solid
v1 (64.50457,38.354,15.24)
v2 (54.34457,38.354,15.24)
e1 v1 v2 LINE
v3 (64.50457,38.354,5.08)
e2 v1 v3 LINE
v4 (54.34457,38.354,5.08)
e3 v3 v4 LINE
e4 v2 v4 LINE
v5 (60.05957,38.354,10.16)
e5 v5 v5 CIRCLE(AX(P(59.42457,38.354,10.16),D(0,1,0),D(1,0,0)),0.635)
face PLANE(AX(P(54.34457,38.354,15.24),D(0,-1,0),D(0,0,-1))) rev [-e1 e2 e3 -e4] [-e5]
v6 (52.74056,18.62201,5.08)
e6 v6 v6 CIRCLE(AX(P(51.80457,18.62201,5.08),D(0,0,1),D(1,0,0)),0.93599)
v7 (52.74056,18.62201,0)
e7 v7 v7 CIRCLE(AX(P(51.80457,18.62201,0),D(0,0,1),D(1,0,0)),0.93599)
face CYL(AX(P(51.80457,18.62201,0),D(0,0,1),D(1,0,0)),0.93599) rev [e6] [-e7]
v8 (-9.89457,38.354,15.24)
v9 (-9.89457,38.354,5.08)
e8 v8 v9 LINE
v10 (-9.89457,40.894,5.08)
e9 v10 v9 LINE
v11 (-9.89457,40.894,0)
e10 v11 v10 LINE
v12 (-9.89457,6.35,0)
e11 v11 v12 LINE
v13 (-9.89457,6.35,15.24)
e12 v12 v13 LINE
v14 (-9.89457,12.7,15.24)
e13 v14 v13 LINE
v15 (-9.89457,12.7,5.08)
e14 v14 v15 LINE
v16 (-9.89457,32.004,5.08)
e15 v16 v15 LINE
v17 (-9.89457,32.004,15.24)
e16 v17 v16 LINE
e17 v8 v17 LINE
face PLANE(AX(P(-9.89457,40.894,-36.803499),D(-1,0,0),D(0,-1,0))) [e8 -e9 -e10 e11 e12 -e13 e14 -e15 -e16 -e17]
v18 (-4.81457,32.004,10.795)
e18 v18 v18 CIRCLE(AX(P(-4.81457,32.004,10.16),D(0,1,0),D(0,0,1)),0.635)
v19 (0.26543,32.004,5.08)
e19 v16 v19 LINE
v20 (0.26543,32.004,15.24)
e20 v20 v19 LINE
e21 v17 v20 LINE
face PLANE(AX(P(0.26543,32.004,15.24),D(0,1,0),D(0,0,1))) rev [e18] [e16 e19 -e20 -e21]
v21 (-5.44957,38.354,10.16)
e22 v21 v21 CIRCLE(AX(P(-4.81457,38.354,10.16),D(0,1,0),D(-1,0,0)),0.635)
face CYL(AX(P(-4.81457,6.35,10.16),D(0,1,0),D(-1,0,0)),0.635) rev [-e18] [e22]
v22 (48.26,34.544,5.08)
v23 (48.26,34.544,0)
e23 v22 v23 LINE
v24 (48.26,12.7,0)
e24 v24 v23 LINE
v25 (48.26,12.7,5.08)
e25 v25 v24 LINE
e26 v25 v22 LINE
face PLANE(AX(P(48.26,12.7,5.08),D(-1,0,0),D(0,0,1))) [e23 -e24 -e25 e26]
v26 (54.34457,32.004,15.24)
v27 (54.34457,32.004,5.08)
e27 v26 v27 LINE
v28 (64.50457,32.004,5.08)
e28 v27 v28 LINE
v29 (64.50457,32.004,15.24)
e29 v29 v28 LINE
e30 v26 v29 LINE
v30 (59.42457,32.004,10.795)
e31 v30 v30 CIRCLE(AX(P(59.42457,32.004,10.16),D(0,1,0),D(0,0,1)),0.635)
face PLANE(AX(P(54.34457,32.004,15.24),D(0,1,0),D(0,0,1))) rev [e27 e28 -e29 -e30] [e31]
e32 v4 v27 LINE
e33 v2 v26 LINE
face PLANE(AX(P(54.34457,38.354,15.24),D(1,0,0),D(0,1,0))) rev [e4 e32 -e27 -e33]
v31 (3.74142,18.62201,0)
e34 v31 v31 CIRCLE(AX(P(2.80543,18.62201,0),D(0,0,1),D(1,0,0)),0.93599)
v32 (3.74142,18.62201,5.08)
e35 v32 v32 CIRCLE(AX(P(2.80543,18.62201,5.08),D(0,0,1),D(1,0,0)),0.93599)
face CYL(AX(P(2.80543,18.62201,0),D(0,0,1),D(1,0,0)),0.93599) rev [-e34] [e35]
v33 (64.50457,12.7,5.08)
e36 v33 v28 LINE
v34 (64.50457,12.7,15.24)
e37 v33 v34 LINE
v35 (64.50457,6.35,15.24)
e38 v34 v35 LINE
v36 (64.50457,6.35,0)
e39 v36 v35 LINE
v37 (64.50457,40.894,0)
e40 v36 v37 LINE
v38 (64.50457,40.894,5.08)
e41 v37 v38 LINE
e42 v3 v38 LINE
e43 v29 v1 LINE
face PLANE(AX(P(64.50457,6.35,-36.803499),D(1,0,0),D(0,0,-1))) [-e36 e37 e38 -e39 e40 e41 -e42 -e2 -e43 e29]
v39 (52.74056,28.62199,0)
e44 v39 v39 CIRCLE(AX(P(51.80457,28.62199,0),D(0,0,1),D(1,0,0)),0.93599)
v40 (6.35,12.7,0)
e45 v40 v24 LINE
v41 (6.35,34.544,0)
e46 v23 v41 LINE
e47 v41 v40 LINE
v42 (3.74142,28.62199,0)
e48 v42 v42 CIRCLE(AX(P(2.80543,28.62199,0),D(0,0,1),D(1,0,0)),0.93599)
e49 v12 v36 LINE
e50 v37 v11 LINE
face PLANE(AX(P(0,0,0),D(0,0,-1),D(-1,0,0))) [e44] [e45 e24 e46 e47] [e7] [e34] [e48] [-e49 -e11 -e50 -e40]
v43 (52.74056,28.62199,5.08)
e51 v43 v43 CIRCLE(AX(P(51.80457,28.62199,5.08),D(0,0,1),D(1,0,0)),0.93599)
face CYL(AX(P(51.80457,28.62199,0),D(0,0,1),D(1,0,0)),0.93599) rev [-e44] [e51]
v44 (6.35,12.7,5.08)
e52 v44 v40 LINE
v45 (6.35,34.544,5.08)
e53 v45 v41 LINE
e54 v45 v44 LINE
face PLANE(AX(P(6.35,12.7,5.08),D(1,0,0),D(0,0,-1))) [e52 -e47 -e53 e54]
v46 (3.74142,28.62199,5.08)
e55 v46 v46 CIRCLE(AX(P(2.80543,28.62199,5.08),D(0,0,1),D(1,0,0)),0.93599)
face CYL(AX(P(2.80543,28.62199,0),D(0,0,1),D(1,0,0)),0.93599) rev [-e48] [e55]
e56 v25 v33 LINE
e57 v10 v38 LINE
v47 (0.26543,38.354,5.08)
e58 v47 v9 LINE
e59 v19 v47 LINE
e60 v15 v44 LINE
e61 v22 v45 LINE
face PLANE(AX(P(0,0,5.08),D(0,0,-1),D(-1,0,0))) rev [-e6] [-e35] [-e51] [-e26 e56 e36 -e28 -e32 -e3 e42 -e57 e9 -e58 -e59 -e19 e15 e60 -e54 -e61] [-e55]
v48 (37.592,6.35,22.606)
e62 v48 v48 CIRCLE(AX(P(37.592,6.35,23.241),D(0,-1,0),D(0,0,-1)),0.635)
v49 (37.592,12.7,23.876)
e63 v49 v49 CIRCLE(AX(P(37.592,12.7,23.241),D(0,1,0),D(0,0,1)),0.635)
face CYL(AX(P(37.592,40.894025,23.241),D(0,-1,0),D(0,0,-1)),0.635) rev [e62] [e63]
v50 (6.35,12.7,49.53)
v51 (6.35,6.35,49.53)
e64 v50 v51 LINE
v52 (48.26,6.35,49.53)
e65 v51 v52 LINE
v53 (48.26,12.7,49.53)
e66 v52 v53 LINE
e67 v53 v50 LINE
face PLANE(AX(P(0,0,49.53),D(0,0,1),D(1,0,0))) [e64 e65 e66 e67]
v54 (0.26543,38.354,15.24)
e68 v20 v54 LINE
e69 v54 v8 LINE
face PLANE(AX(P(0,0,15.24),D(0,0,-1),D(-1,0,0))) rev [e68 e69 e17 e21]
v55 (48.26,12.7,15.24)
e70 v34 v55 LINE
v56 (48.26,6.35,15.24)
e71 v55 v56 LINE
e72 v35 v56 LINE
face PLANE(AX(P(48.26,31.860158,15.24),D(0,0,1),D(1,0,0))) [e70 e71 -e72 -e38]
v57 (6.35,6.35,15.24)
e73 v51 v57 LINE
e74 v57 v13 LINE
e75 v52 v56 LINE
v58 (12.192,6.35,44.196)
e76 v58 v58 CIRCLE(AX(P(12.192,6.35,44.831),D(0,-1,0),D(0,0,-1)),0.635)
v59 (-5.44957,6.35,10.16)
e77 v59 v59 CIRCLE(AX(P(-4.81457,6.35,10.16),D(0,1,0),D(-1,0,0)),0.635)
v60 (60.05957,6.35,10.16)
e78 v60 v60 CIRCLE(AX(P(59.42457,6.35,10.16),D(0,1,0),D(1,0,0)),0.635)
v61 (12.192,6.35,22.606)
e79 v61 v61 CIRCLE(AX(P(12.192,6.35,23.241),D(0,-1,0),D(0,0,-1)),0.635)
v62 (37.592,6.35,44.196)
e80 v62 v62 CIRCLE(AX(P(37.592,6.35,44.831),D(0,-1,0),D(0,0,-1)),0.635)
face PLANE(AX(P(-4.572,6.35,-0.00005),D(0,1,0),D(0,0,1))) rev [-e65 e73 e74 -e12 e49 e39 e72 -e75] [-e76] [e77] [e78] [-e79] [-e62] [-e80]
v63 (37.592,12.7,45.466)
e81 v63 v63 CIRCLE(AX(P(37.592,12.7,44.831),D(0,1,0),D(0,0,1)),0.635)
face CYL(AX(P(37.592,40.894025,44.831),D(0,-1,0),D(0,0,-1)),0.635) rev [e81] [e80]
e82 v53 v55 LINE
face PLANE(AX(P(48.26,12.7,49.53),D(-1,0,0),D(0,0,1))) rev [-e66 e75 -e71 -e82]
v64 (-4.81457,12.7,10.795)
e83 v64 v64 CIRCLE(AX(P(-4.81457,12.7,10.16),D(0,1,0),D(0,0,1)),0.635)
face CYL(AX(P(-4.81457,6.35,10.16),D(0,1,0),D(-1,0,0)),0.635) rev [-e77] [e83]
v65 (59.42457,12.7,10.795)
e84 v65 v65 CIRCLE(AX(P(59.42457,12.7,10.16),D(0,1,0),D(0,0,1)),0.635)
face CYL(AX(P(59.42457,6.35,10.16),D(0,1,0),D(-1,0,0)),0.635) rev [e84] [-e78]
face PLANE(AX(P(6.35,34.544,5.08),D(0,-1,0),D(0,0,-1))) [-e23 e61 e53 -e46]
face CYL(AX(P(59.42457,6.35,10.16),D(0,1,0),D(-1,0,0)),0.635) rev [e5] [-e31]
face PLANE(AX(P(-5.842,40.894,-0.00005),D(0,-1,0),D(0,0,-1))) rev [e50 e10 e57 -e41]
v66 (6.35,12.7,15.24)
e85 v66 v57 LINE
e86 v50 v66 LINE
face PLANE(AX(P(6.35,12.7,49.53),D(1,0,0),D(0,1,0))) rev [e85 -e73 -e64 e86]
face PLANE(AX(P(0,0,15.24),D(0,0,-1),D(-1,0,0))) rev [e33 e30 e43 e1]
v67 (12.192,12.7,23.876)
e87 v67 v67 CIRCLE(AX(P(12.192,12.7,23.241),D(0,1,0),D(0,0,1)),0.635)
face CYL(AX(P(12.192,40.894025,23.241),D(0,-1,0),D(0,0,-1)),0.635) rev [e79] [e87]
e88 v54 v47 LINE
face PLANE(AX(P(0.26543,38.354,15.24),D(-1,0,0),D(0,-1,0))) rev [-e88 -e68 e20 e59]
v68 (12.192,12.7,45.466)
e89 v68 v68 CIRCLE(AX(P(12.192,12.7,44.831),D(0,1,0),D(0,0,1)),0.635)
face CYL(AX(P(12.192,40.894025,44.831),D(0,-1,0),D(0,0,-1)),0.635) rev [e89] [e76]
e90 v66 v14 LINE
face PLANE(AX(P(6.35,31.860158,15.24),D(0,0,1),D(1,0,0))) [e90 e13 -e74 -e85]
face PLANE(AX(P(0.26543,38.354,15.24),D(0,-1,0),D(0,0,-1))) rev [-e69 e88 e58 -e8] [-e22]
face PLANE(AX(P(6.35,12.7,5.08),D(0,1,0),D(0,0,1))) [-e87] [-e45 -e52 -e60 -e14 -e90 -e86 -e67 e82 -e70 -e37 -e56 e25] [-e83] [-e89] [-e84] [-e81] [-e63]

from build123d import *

# Parameters (mm, degrees)
SKETCH1_W            = 54.61
SKETCH1_H            = 47.244
SKETCH1_W_2          = 41.91
SKETCH1_H_2          = 21.844
BOSS_EXTRUDE1_DEPTH  = 5.08
SKETCH2_R            = 0.93599
CUT_EXTRUDE1_DEPTH   = 73.388217522
SKETCH10_W           = 14.41958
SKETCH10_H           = 19.49958
SKETCH10_R           = 0.635
BOSS_EXTRUDE4_DEPTH  = 5.08
SKETCH11_R           = 0.635
SKETCH11_W           = 3.302
SKETCH11_H           = 76.2
BOSS_EXTRUDE5_DEPTH  = 5.08
SKETCH12_W           = 60.452
SKETCH12_H           = 6.35
SKETCH12_W_2         = 59.182
CUT_EXTRUDE2_DEPTH   = 95.448366629
SKETCH13_W           = 7.0195552
SKETCH13_H           = 78.993394517
BOSS_EXTRUDE6_DEPTH  = 4.826
FILLET1_R            = 2.54
CUT_EXTRUDE3_DEPTH   = 95.448366629
SKETCH15_W           = 9.078627065
SKETCH15_H           = 34.544
BOSS_EXTRUDE7_DEPTH  = 5.08
SKETCH16_W           = 10.16
SKETCH16_H           = 6.35
BOSS_EXTRUDE8_DEPTH  = 10.16
SKETCH19_W           = 41.91
SKETCH19_H           = 6.35
BOSS_EXTRUDE10_DEPTH = 44.45
SKETCH20_W           = 16.24457
SKETCH20_H           = 10.16
BOSS_EXTRUDE11_DEPTH = 6.35
SKETCH17_R           = 0.635
CUT_EXTRUDE4_DEPTH   = 88.397462588
SKETCH21_R           = 0.635
CUT_EXTRUDE5_DEPTH   = 89.359200918


with BuildPart() as part:
    # Sketch1 → Boss-Extrude1 (new body)
    with BuildSketch(Plane.XY):
        with Locations((27.305, 23.622)):
            Rectangle(SKETCH1_W, SKETCH1_H)
        with Locations((27.305, 23.622)):
            Rectangle(SKETCH1_W_2, SKETCH1_H_2, mode=Mode.SUBTRACT)
    extrude(amount=BOSS_EXTRUDE1_DEPTH)

    # Sketch2 → Cut-Extrude1 (cut, through all)
    with BuildSketch(Plane.XY.offset(5.08)):
        with Locations((2.80543, 28.62199)):
            Circle(SKETCH2_R)
        with Locations((2.80543, 18.62201)):
            Circle(SKETCH2_R)
        with Locations((51.80457, 28.62199)):
            Circle(SKETCH2_R)
        with Locations((51.80457, 18.62201)):
            Circle(SKETCH2_R)
    extrude(amount=-CUT_EXTRUDE1_DEPTH, mode=Mode.SUBTRACT)

    # Sketch10 → Boss-Extrude4 (add)
    with BuildSketch(Plane.XY.offset(5.08)):
        with Locations((61.81979, 23.622)):
            Rectangle(SKETCH10_W, SKETCH10_H)
        with Locations((64.35979, 21.49221)):
            Circle(SKETCH10_R, mode=Mode.SUBTRACT)
        with Locations((64.35979, 25.75179)):
            Circle(SKETCH10_R, mode=Mode.SUBTRACT)
    extrude(amount=-BOSS_EXTRUDE4_DEPTH)

    # Sketch11 → Boss-Extrude5 (add)
    with BuildSketch(Plane.XY.offset(5.08)):
        Polygon((0, 47.244), (-5.842, 47.244), (-5.842, 64.262), (-15.748, 64.262), (-15.748, -17.018), (-4.572, -17.018), (-4.572, 0), (0, 0), align=None)
        with Locations(Location((-4.572, 21.49221, 0), (0, 0, 180))):
            Circle(SKETCH11_R, mode=Mode.SUBTRACT)
        with Locations(Location((-4.572, 25.75179, 0), (0, 0, 180))):
            Circle(SKETCH11_R, mode=Mode.SUBTRACT)
        with Locations((-10.795, 23.622)):
            Rectangle(SKETCH11_W, SKETCH11_H, mode=Mode.SUBTRACT)
    extrude(amount=-BOSS_EXTRUDE5_DEPTH)

    # Sketch12 → Cut-Extrude2 (cut, through all)
    with BuildSketch(Plane.XY.offset(5.08)):
        with Locations((24.384, 44.069)):
            Rectangle(SKETCH12_W, SKETCH12_H)
        with Locations((25.019, 3.175)):
            Rectangle(SKETCH12_W_2, SKETCH12_H)
    extrude(amount=-CUT_EXTRUDE2_DEPTH, mode=Mode.SUBTRACT)

    # Sketch13 → Boss-Extrude6 (add)
    with BuildSketch(Plane(origin=(0, 0, 0), x_dir=(-1, 0, 0), z_dir=(0, 0, -1))):
        with Locations((10.665198327, 23.388014827)):
            Rectangle(SKETCH13_W, SKETCH13_H)
    extrude(amount=-BOSS_EXTRUDE6_DEPTH)

    # Fillet1
    fillet1_edges = [part.edges().sort_by_distance(p)[0] for p in [
        (69.02958, 13.87221, 2.54),
        (54.61, 13.87221, 2.54),
        (54.61, 6.35, 2.54),
        (-4.572, 6.35, 2.54),
        (-4.572, -17.018, 2.54),
        (-15.748, -17.018, 2.54),
        (-15.748, 64.262, 2.54),
        (-5.842, 64.262, 2.54),
        (-5.842, 40.894, 2.54),
        (54.61, 40.894, 2.54),
        (54.61, 33.37179, 2.54),
        (69.02958, 33.37179, 2.54),
    ]]
    fillet(fillet1_edges, radius=FILLET1_R)

    # Sketch14 → Cut-Extrude3 (cut, through all)
    with BuildSketch(Plane.XY.offset(5.08)):
        Polygon((2.80543, 40.894), (-0.815942935, 40.894), (-0.815942935, 6.35), (2.80543, 6.35), (2.80543, -19.941776761), (-23.515321153, -19.941776761), (-23.515321153, 65.826532556), (2.80543, 65.826532556), align=None)
        Polygon((51.80457, 40.896870143), (51.80457, 65.826532556), (74.486186006, 65.826532556), (74.486186006, -19.941776761), (51.80457, -19.941776761), (52.07, 6.35), (54.61, 8.89), (54.61, 38.354), align=None)
    extrude(amount=-CUT_EXTRUDE3_DEPTH, mode=Mode.SUBTRACT)

    # Sketch15 → Boss-Extrude7 (add)
    with BuildSketch(Plane.XY.offset(5.08)):
        with Locations((-5.355256468, 23.622)):
            Rectangle(SKETCH15_W, SKETCH15_H)
        Polygon((51.807736495, 40.894), (54.61, 38.354), (54.61, 8.89), (52.07, 6.35), (64.50457, 6.35), (64.50457, 40.894), align=None)
    extrude(amount=-BOSS_EXTRUDE7_DEPTH)

    # Sketch16 → Boss-Extrude8 (add)
    with BuildSketch(Plane.XY.offset(5.08)):
        with Locations((-4.81457, 35.179)):
            Rectangle(SKETCH16_W, SKETCH16_H)
        with Locations((59.42457, 35.179)):
            Rectangle(SKETCH16_W, SKETCH16_H)
    extrude(amount=BOSS_EXTRUDE8_DEPTH)

    # Sketch19 → Boss-Extrude10 (add)
    with BuildSketch(Plane.XY.offset(5.08)):
        with Locations((27.305, 9.525)):
            Rectangle(SKETCH19_W, SKETCH19_H)
    extrude(amount=BOSS_EXTRUDE10_DEPTH)

    # Sketch20 → Boss-Extrude11 (add)
    with BuildSketch(Plane(origin=(0, 6.35, 0), x_dir=(-1, 0, 0), z_dir=(0, -1, 0))):
        with Locations((1.772285, -10.16)):
            Rectangle(SKETCH20_W, SKETCH20_H)
        with Locations((-56.382285, -10.16)):
            Rectangle(SKETCH20_W, SKETCH20_H)
    extrude(amount=-BOSS_EXTRUDE11_DEPTH)

    # Sketch17 → Cut-Extrude4 (cut, through all)
    with BuildSketch(Plane(origin=(0, 38.354, 0), x_dir=(1, 0, 0), z_dir=(0, 1, 0))):
        with Locations(Location((-4.81457, -10.16, 0), (0, 0, 180))):
            Circle(SKETCH17_R)
        with Locations(Location((59.42457, -10.16, 0), (0, 0, 270))):
            Circle(SKETCH17_R)
    extrude(amount=-CUT_EXTRUDE4_DEPTH, mode=Mode.SUBTRACT)

    # Sketch21 → Cut-Extrude5 (cut, through all)
    with BuildSketch(Plane.XZ.offset(-6.35)):
        with Locations(Location((37.592, 23.241, 0), (0, 0, 270))):
            Circle(SKETCH21_R)
        with Locations(Location((37.592, 44.831, 0), (0, 0, 270))):
            Circle(SKETCH21_R)
        with Locations(Location((12.192, 44.831, 0), (0, 0, 270))):
            Circle(SKETCH21_R)
        with Locations(Location((12.192, 23.241, 0), (0, 0, 270))):
            Circle(SKETCH21_R)
    extrude(amount=-CUT_EXTRUDE5_DEPTH, mode=Mode.SUBTRACT)


solid = part.part
